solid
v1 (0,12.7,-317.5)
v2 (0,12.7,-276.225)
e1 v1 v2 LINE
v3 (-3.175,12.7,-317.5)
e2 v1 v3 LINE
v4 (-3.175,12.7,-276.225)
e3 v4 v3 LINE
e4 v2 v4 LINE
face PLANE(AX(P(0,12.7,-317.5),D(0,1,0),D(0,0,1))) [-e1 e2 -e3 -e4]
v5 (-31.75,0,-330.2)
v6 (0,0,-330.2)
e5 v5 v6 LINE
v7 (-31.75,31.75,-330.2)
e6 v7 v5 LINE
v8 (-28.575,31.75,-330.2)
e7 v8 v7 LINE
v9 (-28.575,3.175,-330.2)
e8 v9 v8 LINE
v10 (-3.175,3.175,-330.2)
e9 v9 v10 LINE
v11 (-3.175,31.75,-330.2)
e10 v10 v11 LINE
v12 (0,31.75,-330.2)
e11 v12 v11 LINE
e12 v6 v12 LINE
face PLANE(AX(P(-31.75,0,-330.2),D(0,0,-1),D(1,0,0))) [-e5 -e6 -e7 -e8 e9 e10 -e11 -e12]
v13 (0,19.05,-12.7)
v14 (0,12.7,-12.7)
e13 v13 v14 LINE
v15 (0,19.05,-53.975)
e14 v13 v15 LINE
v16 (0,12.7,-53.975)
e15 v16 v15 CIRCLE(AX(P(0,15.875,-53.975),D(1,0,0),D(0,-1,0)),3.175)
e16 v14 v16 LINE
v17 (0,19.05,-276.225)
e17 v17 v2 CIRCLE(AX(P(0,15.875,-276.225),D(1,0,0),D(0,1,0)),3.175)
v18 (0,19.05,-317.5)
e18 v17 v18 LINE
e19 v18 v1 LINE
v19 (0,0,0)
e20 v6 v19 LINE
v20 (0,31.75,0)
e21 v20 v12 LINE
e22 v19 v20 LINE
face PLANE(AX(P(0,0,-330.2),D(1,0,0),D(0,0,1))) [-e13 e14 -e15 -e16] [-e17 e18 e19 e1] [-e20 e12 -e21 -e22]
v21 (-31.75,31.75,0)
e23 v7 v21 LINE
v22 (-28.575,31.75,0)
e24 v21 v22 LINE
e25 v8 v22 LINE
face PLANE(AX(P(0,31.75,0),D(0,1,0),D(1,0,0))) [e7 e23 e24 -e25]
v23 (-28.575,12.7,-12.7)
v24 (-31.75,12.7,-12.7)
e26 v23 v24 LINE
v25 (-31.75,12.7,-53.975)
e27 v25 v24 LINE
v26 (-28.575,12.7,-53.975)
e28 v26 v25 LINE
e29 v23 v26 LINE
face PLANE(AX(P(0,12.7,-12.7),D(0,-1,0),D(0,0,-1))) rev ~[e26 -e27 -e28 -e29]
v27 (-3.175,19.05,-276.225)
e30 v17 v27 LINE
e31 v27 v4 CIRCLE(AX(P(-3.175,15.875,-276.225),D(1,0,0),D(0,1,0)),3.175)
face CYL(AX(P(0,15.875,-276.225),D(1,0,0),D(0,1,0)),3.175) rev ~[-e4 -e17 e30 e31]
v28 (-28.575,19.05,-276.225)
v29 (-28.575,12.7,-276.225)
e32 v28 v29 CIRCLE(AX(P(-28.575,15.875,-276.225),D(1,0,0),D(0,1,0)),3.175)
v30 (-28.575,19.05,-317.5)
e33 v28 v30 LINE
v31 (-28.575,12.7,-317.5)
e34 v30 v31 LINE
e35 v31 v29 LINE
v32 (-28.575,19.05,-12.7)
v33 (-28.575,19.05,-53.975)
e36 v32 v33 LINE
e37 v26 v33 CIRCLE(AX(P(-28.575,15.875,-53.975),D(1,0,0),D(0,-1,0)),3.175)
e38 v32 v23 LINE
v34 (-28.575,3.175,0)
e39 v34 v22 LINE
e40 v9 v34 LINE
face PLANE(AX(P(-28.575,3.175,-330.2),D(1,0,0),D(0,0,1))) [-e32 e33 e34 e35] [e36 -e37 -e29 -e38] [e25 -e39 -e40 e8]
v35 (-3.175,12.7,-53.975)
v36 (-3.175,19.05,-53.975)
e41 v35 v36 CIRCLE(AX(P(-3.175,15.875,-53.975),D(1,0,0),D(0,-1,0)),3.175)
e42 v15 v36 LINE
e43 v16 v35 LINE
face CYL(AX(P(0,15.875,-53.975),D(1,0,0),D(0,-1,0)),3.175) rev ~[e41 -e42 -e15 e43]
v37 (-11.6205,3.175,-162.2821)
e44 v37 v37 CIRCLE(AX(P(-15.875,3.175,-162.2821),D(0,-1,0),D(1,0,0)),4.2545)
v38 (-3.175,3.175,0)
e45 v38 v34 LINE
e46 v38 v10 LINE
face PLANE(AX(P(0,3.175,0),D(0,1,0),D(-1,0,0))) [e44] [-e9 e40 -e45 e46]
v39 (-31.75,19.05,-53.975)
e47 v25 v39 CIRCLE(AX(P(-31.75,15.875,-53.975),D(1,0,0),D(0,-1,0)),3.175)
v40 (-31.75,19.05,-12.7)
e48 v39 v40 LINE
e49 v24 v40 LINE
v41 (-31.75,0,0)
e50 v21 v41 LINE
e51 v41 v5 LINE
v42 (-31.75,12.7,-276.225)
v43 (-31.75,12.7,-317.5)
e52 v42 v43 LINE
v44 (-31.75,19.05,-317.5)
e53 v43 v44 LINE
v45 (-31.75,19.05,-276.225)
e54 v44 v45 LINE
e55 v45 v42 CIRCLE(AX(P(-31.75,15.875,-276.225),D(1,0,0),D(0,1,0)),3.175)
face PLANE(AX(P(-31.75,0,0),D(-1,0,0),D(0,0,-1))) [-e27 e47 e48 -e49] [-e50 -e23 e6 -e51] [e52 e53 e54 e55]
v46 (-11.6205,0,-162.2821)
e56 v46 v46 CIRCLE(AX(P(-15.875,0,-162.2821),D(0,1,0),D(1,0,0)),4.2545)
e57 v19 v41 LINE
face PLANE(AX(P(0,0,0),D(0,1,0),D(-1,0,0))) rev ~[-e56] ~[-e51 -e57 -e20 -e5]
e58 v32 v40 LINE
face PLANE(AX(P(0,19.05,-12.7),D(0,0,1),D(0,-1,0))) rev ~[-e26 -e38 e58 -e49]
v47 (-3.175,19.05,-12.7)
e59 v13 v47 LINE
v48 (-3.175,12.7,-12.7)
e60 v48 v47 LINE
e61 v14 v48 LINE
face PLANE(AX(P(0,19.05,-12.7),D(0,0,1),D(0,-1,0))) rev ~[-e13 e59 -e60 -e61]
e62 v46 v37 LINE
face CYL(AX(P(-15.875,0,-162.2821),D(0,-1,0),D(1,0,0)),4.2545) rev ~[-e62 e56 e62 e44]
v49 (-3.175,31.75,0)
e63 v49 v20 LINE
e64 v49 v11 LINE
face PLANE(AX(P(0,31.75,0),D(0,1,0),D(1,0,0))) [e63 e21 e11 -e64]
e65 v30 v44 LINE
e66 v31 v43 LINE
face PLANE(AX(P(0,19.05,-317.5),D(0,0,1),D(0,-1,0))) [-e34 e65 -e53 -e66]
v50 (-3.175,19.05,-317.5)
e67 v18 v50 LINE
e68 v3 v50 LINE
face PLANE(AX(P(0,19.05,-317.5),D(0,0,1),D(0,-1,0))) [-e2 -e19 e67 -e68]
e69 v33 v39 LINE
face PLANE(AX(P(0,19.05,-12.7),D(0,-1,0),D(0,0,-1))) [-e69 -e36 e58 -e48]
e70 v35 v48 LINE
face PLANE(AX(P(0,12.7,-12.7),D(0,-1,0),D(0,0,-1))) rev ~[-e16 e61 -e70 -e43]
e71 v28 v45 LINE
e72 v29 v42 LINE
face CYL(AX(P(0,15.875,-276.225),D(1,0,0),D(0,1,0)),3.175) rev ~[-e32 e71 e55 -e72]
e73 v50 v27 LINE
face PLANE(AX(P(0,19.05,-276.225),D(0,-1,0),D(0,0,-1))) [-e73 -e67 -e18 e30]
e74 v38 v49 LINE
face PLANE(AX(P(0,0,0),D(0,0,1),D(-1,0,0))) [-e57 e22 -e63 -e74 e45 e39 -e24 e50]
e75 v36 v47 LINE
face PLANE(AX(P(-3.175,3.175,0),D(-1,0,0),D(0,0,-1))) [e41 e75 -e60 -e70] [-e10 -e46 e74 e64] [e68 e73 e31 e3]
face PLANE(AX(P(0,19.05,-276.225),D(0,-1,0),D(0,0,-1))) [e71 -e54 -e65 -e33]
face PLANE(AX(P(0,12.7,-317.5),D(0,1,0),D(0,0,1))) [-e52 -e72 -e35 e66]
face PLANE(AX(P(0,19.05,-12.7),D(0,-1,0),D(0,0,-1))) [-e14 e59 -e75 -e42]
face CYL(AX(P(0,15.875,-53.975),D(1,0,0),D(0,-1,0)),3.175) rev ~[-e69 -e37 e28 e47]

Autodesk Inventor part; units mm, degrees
ref_plane "YZ Plane" through (0, 0, 0) normal (1, 0, 0) x (0, 1, 0)
ref_plane "XZ Plane" through (0, 0, 0) normal (0, 1, 0) x (-1, 0, 0)
ref_plane "XY Plane" through (0, 0, 0) normal (0, 0, 1) x (1, 0, 0)
sketch "Sketch1" plane through (0, 0, 0) normal (0, 1, 0) x (-1, 0, 0)
  line L0 (0, 0) -> (31.75, 0)
  line L1 (31.75, 0) -> (31.75, -330.2)
  line L2 (31.75, -330.2) -> (0, -330.2)
  line L3 (0, -330.2) -> (0, 0)
  dimension "d0" = 31.75
  dimension "d1" = 330.2
extrude "Extrusion1" add sketch "Sketch1" along normal blind 3.175
sketch "Sketch8" plane through (0, 3.175, 0) normal (0, 1, 0) x (1, 0, 0)
  line L0 (-31.75, 330.2) -> (-31.75, 0) projected
  line L1 (-31.75, 0) -> (-28.575, 0)
  line L2 (-31.75, 0) -> (0, 0) projected
  line L3 (0, 0) -> (-3.175, 0)
  line L4 (-3.175, 0) -> (-3.175, 330.2)
  line L5 (0, 330.2) -> (-31.75, 330.2) projected
  line L6 (-3.175, 330.2) -> (0, 330.2)
  line L7 (-31.75, 330.2) -> (-28.575, 330.2)
  line L8 (-28.575, 330.2) -> (-28.575, 0)
  line L9 (0, 0) -> (0, 330.2)
  dimension "d41" = 3.175
  dimension "d42" = 3.175
extrude "Extrusion7" add sketch "Sketch8" along normal blind 28.575 contours L5 L8 L1 L0 | L5 L9 L2 L4
sketch "Sketch10" plane through (0, 0, 0) normal (0, -1, 0) x (1, 0, 0)
  line L0 (0, 0) -> (-31.75, 0) projected
  line L1 (-3.175, -330.2) -> (-28.575, -330.2) projected
  line L2 (0, -330.2) -> (0, 0) projected
  line L3 (-31.75, 0) -> (-31.75, -330.2) projected
  circle A0 centre (-15.875, -162.2821) radius 4.2545
  line L4 (0, -162.2821) -> (-31.75, -162.2821)
  dimension "d60" = 8.509
extrude "Extrusion11" cut sketch "Sketch10" against normal through all contours L4 A0 | A0 L4
sketch "Sketch12" plane through (0, 0, 0) normal (1, 0, 0) x (0, 0, -1)
  line L0 (0, 0) -> (0, 31.75) projected
  line L1 (330.2, 3.175) -> (330.2, 31.75) projected
  line L2 (330.2, 31.75) -> (0, 31.75) projected
  line L3 (330.2, 0) -> (0, 0) projected
  line L4 (12.7, 19.05) -> (12.7, 12.7)
  arc A0 (53.975, 12.7) -> (53.975, 19.05) centre (53.975, 15.875) ccw
  line L5 (12.7, 19.05) -> (53.975, 19.05)
  line L6 (12.7, 12.7) -> (53.975, 12.7)
  line L7 (317.5, 19.05) -> (317.5, 12.7)
  arc A1 (276.225, 19.05) -> (276.225, 12.7) centre (276.225, 15.875) ccw
  line L8 (276.225, 19.05) -> (317.5, 19.05)
  line L9 (317.5, 12.7) -> (276.225, 12.7)
extrude "Extrusion13" cut sketch "Sketch12" against normal through all
properties part number "Teemoverthing" material "Aluminum 6061"
